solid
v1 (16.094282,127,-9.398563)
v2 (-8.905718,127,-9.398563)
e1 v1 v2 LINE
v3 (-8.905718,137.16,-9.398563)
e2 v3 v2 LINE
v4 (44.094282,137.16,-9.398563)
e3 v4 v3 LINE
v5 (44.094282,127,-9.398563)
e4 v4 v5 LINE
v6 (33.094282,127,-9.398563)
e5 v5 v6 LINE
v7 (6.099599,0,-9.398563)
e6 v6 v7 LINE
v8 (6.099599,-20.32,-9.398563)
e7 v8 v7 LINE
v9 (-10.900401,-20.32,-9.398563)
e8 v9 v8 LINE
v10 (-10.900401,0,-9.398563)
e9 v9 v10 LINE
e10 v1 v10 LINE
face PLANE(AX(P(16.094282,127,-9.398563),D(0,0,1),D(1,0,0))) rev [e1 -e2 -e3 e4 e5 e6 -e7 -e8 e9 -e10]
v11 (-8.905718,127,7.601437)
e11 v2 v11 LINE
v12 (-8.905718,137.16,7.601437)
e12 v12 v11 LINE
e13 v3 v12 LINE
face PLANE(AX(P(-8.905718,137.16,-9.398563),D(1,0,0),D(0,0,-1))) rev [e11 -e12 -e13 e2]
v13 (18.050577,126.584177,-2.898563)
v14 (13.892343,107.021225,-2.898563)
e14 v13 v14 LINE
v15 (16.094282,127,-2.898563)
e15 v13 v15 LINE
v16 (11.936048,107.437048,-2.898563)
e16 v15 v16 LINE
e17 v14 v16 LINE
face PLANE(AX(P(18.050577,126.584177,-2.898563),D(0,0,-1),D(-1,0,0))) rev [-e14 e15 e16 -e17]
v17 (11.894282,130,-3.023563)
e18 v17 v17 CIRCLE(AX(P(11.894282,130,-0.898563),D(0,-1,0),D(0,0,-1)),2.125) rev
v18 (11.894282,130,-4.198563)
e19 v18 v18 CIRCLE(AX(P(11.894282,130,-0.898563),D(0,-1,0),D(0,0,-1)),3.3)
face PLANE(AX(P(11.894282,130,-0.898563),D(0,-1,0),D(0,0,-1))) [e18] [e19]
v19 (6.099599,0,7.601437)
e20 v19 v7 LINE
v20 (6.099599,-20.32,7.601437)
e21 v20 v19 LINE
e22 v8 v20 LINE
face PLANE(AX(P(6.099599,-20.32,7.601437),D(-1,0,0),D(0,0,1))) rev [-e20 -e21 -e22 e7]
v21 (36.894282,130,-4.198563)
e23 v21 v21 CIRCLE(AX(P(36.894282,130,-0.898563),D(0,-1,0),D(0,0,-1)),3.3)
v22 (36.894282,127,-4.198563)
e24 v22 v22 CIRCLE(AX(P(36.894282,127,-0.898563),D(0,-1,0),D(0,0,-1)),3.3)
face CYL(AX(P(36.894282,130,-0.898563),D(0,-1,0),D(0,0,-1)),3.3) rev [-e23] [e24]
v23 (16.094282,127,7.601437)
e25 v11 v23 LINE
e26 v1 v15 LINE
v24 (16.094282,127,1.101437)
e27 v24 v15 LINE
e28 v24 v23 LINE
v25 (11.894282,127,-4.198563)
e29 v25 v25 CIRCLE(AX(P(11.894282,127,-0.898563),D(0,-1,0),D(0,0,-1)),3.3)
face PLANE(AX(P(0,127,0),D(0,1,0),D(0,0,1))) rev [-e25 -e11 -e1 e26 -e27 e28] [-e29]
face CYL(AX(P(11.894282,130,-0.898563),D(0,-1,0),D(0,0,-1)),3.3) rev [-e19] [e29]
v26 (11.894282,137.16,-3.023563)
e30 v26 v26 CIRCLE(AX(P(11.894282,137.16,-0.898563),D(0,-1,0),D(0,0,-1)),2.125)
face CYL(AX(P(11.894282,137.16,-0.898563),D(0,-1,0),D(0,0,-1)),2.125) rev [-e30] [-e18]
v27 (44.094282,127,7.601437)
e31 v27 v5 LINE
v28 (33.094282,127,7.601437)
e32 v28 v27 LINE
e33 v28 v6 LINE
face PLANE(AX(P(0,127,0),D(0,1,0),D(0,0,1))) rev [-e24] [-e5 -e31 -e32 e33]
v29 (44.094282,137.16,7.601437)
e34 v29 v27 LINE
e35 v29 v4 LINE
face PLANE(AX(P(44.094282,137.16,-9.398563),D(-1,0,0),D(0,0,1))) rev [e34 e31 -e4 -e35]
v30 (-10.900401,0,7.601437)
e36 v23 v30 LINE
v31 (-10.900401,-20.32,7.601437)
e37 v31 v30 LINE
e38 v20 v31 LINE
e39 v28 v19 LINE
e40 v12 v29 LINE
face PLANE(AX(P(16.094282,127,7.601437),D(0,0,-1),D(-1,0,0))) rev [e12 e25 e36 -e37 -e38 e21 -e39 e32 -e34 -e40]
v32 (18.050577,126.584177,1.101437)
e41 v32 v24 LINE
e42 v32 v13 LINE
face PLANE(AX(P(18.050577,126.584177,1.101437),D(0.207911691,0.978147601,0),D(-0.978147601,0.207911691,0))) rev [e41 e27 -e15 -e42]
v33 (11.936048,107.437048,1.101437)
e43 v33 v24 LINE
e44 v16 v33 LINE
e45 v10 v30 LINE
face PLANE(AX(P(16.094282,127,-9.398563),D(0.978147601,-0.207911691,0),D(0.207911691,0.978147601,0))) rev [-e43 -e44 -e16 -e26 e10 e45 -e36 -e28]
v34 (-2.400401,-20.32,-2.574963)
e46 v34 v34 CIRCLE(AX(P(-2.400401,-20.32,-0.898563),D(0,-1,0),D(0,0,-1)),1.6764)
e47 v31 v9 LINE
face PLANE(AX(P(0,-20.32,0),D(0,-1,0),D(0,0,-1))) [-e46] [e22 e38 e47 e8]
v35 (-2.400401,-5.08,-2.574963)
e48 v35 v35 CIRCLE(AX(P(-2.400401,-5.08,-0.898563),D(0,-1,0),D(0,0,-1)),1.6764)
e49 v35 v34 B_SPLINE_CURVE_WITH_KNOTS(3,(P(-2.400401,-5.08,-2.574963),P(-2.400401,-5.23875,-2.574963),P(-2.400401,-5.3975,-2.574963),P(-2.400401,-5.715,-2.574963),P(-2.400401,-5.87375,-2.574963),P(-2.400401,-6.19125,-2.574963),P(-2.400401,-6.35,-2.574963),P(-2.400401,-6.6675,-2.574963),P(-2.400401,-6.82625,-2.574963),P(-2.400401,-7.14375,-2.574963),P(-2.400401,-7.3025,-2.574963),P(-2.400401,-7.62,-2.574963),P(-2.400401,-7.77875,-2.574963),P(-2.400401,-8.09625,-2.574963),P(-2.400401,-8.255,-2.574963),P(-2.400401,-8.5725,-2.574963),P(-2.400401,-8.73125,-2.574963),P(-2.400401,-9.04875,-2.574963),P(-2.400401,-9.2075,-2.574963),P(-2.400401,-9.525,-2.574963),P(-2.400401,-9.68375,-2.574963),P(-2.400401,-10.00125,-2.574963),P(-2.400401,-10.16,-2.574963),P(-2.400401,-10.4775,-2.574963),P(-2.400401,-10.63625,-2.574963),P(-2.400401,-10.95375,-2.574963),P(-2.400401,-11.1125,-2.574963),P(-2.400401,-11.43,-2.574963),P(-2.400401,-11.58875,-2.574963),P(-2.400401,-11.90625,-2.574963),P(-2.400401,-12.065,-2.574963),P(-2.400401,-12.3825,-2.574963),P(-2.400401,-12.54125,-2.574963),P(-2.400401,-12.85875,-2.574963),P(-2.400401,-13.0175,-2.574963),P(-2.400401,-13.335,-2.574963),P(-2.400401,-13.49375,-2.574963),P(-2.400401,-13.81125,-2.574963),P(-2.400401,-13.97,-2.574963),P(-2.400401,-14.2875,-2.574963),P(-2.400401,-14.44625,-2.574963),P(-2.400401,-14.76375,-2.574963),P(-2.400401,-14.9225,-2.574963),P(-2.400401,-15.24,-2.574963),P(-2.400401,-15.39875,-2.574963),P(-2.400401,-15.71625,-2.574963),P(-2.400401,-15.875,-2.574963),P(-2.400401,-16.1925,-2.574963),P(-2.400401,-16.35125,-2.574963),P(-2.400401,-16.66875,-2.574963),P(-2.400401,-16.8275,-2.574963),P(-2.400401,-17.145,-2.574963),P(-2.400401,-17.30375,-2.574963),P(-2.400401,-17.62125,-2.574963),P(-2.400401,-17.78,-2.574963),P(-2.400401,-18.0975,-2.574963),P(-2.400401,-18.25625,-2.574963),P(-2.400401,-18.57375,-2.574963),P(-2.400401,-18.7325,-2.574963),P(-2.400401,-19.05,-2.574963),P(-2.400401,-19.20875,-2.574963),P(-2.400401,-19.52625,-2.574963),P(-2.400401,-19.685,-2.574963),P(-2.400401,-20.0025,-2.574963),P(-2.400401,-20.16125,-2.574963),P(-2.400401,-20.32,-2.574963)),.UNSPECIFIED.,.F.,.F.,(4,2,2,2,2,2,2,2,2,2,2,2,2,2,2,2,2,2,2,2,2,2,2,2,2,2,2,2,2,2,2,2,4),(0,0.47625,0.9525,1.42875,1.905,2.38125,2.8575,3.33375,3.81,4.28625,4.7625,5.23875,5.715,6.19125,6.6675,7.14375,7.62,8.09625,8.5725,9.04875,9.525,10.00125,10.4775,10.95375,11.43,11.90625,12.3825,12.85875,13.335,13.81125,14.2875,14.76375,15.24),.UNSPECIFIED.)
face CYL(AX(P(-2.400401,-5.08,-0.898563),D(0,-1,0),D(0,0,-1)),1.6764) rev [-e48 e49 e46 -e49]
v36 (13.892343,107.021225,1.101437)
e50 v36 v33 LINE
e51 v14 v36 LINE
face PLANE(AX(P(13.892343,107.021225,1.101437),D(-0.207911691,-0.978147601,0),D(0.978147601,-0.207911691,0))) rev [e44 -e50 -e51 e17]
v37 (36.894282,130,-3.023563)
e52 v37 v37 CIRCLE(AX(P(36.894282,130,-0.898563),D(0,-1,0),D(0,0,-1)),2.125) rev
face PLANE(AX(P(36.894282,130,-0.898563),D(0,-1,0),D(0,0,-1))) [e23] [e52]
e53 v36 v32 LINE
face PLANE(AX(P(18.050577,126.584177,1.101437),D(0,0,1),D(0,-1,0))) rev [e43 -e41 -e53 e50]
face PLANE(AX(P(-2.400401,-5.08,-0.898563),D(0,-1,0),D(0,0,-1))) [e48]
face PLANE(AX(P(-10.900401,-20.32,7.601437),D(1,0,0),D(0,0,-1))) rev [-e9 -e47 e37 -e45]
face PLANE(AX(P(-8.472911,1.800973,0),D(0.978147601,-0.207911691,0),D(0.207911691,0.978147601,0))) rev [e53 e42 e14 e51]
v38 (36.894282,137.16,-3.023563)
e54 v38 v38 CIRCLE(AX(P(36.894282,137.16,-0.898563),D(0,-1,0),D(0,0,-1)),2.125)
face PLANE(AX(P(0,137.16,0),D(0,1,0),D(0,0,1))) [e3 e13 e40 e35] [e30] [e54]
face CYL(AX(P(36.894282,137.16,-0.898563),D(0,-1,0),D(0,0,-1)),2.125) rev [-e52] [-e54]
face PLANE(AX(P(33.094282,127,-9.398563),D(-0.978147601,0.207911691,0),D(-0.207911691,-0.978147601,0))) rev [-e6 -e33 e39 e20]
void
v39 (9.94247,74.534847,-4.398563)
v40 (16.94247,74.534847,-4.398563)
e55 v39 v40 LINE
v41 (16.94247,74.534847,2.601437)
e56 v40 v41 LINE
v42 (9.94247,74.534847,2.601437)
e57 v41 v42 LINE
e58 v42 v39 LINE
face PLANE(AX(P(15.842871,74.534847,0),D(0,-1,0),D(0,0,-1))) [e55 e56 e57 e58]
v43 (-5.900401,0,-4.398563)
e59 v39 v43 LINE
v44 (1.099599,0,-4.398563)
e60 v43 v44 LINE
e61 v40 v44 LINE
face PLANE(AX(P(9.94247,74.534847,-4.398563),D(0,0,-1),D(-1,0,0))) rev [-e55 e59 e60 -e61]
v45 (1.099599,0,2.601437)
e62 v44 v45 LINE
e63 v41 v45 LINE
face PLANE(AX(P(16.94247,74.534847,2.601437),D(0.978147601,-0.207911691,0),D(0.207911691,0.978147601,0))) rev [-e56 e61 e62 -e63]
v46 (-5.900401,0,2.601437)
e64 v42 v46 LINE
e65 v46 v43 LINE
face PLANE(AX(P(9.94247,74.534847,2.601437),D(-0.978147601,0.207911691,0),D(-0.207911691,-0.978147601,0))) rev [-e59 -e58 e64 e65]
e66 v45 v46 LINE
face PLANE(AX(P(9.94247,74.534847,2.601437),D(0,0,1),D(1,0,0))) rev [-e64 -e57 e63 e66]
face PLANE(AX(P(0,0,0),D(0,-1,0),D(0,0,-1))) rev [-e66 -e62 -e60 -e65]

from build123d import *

# Parameters (mm, degrees)
SKETCH1_W           = 17
SKETCH1_H           = 17
SKETCH3_W           = 53
SKETCH3_H           = 17
BOSS_EXTRUDE1_DEPTH = 10.16
SKETCH4_W           = 7
SKETCH4_H           = 7
SKETCH6_R           = 2.125
CUT_EXTRUDE1_DEPTH  = 135.76512419
SKETCH7_R           = 3.3
CUT_EXTRUDE2_DEPTH  = 3
SKETCH8_W           = 4
SKETCH8_H           = 20
CUT_EXTRUDE3_DEPTH  = 2
SKETCH9_W           = 17
SKETCH9_H           = 17
BOSS_EXTRUDE2_DEPTH = 20.32
SKETCH10_R          = 1.6764
CUT_EXTRUDE4_DEPTH  = 15.24


with BuildPart() as part:
    # Sweep1: sweep along a path in Sketch2
    with BuildLine(Plane.XY) as sweep1_path:
        Line((-10.900401277, 0), (16.094282055, 127))
    # Sketch1 → Sweep1 (sweep)
    with BuildSketch(Plane(origin=(0, 0, 0), x_dir=(1, 0, 0), z_dir=(0, 1, 0))):
        with Locations((-2.400401277, 0.898563086)):
            Rectangle(SKETCH1_W, SKETCH1_H)
    sweep(path=sweep1_path.line)

    # Sketch3 → Boss-Extrude1 (add)
    with BuildSketch(Plane(origin=(0, 127, 0), x_dir=(1, 0, 0), z_dir=(0, 1, 0))):
        with Locations((17.594282055, 0.898563086)):
            Rectangle(SKETCH3_W, SKETCH3_H)
    extrude(amount=BOSS_EXTRUDE1_DEPTH)

    # Cut-Sweep1: sweep along a path in Sketch5
    with BuildLine(Plane.XY.offset(7.601436914)) as cut_sweep1_path:
        Line((-5.900401277, 0), (9.942469563, 74.534847176))
    # Sketch4 → Cut-Sweep1 (sweep, cut)
    with BuildSketch(Plane.XZ):
        with Locations((-2.400401277, -0.898563086)):
            Rectangle(SKETCH4_W, SKETCH4_H)
    sweep(path=cut_sweep1_path.line, mode=Mode.SUBTRACT)

    # Sketch6 → Cut-Extrude1 (cut, through all)
    with BuildSketch(Plane.XZ.offset(-127)):
        with Locations(Location((36.894282055, -0.898563086, 0), (0, 0, 270))):
            Circle(SKETCH6_R)
        with Locations(Location((11.894282055, -0.898563086, 0), (0, 0, 270))):
            Circle(SKETCH6_R)
    extrude(amount=-CUT_EXTRUDE1_DEPTH, mode=Mode.SUBTRACT)

    # Sketch7 → Cut-Extrude2 (cut)
    with BuildSketch(Plane.XZ.offset(-127)):
        with Locations(Location((11.894282055, -0.898563086, 0), (0, 0, 270))):
            Circle(SKETCH7_R)
        with Locations(Location((36.894282055, -0.898563086, 0), (0, 0, 270))):
            Circle(SKETCH7_R)
    extrude(amount=-CUT_EXTRUDE2_DEPTH, mode=Mode.SUBTRACT)

    # Sketch8 → Cut-Extrude3 (cut)
    with BuildSketch(Plane(origin=(-10.429206675, 2.216796312, 0), x_dir=(0, 0, 1), z_dir=(-0.9781476007338064, 0.20791169081775596, 0))):
        with Locations((-0.898563086, 117.570934688)):
            Rectangle(SKETCH8_W, SKETCH8_H)
    extrude(amount=-CUT_EXTRUDE3_DEPTH, mode=Mode.SUBTRACT)

    # Sketch9 → Boss-Extrude2 (add)
    with BuildSketch(Plane.XZ):
        with Locations((-2.400401277, -0.898563086)):
            Rectangle(SKETCH9_W, SKETCH9_H)
    extrude(amount=BOSS_EXTRUDE2_DEPTH)

    # Sketch10 → Cut-Extrude4 (cut)
    with BuildSketch(Plane.XZ.offset(20.32)):
        with Locations(Location((-2.400401277, -0.898563086, 0), (0, 0, 270))):
            Circle(SKETCH10_R)
    extrude(amount=-CUT_EXTRUDE4_DEPTH, mode=Mode.SUBTRACT)


solid = part.part
